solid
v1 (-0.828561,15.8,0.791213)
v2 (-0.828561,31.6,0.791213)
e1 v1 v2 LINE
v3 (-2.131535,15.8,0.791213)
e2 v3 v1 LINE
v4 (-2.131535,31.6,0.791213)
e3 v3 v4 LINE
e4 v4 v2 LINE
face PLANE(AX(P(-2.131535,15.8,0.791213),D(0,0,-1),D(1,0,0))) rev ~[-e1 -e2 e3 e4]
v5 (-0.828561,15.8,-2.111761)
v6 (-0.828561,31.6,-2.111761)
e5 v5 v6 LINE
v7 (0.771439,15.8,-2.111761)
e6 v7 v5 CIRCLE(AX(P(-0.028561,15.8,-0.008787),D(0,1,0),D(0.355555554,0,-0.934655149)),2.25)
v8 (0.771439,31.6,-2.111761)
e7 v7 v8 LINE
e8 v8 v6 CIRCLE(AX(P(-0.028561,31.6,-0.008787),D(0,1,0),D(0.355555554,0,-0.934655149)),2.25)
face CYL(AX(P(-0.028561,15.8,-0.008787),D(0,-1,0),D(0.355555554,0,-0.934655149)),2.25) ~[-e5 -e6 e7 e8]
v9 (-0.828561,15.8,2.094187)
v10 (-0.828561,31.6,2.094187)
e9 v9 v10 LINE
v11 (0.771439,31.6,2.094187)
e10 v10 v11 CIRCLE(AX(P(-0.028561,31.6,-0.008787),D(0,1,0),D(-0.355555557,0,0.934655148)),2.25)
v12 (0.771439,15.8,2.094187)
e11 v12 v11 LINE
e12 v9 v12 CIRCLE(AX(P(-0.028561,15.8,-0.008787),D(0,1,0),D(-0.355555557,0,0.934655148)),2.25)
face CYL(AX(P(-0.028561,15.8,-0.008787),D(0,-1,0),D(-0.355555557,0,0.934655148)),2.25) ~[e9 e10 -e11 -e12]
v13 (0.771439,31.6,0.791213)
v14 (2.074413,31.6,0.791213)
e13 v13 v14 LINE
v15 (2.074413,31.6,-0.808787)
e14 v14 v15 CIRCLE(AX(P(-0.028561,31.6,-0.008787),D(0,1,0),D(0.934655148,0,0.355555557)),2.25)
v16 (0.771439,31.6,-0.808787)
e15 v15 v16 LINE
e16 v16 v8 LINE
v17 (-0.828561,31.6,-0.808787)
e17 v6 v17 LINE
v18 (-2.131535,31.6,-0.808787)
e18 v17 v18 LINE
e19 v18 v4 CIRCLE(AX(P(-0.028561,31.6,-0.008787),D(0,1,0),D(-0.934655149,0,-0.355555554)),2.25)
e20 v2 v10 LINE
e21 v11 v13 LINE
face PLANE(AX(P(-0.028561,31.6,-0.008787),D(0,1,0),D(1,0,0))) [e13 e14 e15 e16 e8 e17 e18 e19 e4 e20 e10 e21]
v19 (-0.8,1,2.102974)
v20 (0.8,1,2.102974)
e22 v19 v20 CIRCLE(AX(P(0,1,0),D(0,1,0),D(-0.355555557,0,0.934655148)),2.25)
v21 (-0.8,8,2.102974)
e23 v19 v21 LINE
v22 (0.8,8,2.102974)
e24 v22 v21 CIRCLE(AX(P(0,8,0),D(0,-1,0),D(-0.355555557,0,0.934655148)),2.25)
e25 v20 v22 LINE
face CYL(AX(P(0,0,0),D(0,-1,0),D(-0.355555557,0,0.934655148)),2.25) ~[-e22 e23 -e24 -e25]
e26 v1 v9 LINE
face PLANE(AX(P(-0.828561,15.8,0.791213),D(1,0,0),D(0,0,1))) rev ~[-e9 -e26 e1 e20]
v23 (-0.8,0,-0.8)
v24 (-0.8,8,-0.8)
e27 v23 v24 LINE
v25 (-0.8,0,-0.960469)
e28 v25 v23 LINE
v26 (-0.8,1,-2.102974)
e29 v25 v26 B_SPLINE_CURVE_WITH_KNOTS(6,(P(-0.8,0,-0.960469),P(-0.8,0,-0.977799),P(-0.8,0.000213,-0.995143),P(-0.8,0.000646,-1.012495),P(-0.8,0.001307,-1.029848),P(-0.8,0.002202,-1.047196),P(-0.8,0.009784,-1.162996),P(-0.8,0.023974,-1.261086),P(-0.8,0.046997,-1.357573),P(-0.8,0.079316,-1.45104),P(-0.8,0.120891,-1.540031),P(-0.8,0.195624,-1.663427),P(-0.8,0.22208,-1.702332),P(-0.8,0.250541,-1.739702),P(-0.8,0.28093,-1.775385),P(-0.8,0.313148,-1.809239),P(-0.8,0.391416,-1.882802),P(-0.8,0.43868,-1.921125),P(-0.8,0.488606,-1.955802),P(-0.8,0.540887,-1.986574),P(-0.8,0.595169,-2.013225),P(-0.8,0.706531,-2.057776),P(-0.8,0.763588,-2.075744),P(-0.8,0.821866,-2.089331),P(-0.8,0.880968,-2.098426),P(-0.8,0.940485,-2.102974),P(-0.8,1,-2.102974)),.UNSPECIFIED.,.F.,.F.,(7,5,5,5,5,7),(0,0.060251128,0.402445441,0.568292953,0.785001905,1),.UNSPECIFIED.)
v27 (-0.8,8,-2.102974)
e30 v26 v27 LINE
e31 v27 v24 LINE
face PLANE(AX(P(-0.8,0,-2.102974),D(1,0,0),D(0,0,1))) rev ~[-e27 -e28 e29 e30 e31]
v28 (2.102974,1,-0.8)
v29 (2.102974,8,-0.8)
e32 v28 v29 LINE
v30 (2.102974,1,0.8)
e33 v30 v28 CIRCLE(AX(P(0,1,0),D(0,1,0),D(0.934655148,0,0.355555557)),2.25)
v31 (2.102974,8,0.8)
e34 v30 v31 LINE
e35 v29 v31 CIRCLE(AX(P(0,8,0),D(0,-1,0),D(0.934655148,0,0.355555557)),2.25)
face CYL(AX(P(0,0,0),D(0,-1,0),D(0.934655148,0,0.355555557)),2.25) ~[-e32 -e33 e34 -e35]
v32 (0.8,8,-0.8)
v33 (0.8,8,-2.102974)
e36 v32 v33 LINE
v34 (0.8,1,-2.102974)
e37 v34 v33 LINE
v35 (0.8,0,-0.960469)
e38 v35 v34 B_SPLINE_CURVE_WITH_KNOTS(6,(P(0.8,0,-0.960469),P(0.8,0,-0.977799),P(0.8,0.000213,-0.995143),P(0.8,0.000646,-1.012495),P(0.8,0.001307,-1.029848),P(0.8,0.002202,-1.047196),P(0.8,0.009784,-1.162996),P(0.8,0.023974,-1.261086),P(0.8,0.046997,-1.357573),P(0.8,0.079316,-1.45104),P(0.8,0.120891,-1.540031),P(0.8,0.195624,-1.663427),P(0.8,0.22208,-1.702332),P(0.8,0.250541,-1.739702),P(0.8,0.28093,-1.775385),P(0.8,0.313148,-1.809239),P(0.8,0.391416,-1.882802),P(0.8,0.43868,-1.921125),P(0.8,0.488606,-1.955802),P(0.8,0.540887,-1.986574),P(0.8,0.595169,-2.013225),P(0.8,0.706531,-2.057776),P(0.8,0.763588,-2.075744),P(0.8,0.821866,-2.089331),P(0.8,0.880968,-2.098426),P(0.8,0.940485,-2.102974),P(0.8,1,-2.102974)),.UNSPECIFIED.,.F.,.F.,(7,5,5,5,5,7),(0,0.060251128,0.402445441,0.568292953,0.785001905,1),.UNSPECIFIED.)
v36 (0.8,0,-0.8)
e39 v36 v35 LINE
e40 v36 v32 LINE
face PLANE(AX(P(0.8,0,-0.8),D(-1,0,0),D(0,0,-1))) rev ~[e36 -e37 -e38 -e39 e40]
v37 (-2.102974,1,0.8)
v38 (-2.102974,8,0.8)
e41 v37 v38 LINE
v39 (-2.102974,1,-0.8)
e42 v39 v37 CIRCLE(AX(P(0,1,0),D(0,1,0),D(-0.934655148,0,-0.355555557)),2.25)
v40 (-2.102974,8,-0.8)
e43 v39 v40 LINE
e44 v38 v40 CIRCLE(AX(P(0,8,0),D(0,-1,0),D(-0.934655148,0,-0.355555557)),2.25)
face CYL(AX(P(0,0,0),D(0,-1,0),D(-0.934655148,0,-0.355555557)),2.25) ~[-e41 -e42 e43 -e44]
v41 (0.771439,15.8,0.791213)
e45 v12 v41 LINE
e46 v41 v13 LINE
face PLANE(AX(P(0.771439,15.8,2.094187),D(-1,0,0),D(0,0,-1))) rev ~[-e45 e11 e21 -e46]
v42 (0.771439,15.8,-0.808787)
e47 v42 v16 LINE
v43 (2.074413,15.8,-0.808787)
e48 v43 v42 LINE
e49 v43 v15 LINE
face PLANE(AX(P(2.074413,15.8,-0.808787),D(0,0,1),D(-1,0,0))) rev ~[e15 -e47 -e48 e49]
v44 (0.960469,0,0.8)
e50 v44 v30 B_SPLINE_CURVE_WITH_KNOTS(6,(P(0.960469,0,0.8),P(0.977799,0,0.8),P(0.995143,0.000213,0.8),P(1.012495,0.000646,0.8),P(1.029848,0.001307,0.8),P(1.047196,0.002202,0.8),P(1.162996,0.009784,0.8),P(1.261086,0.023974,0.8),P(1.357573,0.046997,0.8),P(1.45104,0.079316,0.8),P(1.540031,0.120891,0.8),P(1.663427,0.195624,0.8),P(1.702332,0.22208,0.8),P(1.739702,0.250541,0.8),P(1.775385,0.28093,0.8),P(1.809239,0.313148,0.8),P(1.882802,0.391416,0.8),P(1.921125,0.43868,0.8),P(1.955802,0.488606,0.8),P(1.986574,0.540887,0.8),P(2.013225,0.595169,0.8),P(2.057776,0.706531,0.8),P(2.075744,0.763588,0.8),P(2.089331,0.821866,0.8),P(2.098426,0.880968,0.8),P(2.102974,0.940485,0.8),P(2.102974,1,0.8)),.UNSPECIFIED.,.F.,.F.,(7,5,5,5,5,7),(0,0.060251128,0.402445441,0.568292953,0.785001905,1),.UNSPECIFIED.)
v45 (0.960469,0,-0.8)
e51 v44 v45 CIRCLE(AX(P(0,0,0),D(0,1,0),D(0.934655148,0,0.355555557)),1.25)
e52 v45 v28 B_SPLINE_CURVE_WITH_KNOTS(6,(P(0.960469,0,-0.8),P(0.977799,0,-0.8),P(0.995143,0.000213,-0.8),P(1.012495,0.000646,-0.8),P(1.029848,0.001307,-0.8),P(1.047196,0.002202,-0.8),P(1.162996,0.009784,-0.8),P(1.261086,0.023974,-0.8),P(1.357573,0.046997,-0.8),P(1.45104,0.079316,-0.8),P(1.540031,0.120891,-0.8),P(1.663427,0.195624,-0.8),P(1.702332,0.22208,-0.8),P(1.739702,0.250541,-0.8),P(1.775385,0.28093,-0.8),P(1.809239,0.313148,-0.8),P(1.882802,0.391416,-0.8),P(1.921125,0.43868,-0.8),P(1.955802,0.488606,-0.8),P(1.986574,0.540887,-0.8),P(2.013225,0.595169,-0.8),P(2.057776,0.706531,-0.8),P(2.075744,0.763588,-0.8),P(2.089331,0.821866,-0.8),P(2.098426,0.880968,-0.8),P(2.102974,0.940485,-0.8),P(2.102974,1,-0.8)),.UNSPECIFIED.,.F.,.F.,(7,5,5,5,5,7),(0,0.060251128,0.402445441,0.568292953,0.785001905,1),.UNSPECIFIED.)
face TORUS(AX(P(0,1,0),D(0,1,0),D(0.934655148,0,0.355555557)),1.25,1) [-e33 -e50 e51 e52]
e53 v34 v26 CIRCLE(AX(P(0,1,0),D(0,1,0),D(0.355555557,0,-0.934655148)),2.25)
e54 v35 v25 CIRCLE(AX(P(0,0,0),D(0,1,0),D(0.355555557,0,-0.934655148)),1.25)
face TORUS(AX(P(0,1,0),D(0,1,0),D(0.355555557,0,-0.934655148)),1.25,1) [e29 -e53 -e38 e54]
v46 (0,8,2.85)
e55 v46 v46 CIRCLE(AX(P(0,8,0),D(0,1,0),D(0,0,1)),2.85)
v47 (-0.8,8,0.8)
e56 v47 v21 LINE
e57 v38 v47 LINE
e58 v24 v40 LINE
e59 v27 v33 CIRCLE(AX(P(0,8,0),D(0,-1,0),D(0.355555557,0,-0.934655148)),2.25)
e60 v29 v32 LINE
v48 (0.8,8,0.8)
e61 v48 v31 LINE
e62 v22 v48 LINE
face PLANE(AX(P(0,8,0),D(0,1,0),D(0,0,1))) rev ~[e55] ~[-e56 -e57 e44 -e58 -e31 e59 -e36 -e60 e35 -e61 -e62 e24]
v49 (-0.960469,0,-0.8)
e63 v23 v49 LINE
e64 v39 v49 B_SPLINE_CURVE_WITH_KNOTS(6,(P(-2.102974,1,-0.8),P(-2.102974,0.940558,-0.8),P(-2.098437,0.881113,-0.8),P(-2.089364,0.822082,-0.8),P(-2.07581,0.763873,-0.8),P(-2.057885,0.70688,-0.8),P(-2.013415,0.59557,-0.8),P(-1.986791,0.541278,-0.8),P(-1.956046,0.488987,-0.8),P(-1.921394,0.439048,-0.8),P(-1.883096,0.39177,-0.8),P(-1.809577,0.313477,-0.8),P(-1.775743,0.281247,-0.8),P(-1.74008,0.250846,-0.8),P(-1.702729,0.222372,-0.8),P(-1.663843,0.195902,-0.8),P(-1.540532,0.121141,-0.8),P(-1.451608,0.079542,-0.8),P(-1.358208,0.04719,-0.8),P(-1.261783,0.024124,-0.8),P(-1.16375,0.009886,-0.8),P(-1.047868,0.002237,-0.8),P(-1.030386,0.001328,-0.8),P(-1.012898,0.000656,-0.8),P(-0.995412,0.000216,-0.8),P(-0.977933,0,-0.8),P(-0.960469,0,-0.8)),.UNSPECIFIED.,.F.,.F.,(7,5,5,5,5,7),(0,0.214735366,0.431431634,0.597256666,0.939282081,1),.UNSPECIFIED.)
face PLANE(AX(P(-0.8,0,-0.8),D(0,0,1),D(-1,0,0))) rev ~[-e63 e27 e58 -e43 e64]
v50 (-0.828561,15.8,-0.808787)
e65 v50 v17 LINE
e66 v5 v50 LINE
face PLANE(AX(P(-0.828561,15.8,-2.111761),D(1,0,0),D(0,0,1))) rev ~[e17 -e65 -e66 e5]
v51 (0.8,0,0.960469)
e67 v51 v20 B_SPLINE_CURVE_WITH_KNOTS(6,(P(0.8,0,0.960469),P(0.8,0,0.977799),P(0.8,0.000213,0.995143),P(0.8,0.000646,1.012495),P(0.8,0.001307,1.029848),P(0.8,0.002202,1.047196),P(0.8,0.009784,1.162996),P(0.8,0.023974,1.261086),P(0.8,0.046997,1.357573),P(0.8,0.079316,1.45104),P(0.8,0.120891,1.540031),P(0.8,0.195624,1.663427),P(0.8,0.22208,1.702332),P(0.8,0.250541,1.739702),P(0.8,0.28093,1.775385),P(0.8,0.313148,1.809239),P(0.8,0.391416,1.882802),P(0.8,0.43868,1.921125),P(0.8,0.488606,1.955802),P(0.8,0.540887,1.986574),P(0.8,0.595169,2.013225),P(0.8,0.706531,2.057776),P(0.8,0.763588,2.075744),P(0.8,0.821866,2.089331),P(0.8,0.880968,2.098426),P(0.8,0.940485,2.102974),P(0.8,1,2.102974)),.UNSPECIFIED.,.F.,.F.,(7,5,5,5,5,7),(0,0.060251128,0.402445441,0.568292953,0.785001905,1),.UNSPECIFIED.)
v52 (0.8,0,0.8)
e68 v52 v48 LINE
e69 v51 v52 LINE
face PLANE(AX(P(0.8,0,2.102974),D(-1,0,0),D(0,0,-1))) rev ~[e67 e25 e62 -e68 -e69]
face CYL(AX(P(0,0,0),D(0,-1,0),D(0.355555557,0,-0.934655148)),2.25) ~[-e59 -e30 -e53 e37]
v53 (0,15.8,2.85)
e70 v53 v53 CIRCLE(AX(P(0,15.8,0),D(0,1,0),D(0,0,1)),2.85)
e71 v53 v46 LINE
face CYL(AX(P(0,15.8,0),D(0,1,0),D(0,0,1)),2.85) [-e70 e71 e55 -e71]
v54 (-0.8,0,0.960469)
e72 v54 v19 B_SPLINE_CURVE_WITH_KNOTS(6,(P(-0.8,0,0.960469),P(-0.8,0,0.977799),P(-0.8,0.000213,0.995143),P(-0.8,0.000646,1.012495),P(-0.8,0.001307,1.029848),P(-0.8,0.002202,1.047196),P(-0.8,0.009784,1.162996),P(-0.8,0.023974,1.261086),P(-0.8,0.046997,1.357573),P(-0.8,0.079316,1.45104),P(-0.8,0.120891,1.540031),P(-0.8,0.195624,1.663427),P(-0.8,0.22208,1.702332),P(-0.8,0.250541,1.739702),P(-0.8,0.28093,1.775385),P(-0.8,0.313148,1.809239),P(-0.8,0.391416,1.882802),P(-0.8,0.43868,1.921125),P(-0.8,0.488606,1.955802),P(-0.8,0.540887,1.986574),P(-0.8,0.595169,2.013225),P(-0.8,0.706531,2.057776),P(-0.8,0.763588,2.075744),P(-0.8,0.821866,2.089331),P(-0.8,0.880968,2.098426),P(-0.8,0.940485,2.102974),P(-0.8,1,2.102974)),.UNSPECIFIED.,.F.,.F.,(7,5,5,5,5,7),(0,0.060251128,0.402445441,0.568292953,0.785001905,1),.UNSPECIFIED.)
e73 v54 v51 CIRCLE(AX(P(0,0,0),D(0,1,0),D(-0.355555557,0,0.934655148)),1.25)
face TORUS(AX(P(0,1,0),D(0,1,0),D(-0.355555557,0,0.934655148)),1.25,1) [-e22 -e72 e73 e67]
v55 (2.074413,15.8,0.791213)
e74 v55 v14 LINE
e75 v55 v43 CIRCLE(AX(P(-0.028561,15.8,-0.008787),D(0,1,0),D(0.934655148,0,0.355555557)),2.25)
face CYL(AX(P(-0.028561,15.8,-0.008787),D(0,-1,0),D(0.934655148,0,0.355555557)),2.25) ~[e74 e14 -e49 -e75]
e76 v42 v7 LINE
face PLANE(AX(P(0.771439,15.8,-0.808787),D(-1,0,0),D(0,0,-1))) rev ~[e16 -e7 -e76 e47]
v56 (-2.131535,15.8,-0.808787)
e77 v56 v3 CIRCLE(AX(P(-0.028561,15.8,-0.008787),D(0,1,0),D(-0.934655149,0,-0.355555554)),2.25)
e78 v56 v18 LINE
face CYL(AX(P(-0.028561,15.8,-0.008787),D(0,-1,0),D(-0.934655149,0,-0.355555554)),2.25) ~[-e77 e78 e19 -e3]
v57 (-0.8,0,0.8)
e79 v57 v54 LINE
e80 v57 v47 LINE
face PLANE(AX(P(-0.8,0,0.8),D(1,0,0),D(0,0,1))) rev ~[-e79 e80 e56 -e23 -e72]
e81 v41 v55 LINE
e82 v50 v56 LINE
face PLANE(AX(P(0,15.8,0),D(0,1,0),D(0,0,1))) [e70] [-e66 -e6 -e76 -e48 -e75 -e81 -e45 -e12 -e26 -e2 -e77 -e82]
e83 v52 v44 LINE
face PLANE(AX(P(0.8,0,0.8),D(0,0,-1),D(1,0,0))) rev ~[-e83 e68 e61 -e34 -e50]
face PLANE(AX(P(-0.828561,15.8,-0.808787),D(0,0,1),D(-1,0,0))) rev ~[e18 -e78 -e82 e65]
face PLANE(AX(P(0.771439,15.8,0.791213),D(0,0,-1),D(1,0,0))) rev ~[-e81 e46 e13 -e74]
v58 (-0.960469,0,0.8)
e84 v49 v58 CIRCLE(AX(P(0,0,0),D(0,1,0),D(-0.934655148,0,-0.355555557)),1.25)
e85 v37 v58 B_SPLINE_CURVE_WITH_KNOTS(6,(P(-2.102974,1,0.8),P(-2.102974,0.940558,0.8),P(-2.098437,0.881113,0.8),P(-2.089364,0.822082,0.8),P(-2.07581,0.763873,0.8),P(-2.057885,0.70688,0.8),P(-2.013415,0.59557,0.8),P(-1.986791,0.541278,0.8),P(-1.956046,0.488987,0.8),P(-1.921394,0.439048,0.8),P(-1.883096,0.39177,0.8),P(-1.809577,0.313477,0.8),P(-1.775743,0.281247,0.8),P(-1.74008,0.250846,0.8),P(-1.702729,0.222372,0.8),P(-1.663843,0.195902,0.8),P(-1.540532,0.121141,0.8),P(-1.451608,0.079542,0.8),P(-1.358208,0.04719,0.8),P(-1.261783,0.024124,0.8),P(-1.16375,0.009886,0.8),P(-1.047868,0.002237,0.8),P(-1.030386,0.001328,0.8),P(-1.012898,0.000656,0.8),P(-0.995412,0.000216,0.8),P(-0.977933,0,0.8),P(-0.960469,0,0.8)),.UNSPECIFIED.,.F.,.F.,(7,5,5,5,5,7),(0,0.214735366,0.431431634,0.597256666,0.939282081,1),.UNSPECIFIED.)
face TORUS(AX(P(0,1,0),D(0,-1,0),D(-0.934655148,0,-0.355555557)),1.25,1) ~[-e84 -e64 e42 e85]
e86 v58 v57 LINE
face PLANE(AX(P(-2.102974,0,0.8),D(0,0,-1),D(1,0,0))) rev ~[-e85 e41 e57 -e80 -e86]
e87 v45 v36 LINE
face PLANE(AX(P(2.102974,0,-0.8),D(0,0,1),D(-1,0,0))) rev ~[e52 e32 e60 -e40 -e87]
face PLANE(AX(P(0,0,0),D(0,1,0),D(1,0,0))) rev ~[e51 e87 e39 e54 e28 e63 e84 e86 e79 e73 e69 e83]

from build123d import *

# Parameters (mm, degrees)
BOSS_EXTRUDE1_DEPTH = 15.8
FILLET1_R           = 1
FILLET2_R           = 1
FILLET3_R           = 1
FILLET4_R           = 1
SKETCH3_R           = 2.85
BOSS_EXTRUDE2_DEPTH = 7.8
BOSS_EXTRUDE4_DEPTH = 15.8


with BuildPart() as part:
    # Sketch1 → Boss-Extrude1 (new body)
    with BuildSketch(Plane(origin=(0, 0, 0), x_dir=(1, 0, 0), z_dir=(0, 1, 0))):
        with BuildLine():
            Line((-0.8, -0.8), (-0.8, -2.102974084))
            ThreePointArc((-0.8, -2.102974084), (0, -2.25), (0.8, -2.102974084))
            Line((0.8, -2.102974084), (0.8, -0.8))
            Line((0.8, -0.8), (2.102974084, -0.8))
            ThreePointArc((2.102974084, -0.8), (2.25, 0), (2.102974084, 0.8))
            Line((2.102974084, 0.8), (0.8, 0.8))
            Line((0.8, 0.8), (0.8, 2.102974084))
            ThreePointArc((0.8, 2.102974084), (0, 2.25), (-0.8, 2.102974084))
            Line((-0.8, 2.102974084), (-0.8, 0.8))
            Line((-0.8, 0.8), (-2.102974084, 0.8))
            ThreePointArc((-2.102974084, 0.8), (-2.25, 0), (-2.102974084, -0.8))
            Line((-2.102974084, -0.8), (-0.8, -0.8))
        make_face()
    extrude(amount=BOSS_EXTRUDE1_DEPTH)

    # Fillet1
    fillet1_edges = [part.edges().sort_by_distance(p)[0] for p in [
        (-2.25, 0, 0),
    ]]
    fillet(fillet1_edges, radius=FILLET1_R)

    # Fillet2
    fillet2_edges = [part.edges().sort_by_distance(p)[0] for p in [
        (0, 0, 2.25),
    ]]
    fillet(fillet2_edges, radius=FILLET2_R)

    # Fillet3
    fillet3_edges = [part.edges().sort_by_distance(p)[0] for p in [
        (2.25, 0, 0),
    ]]
    fillet(fillet3_edges, radius=FILLET3_R)

    # Fillet4
    fillet4_edges = [part.edges().sort_by_distance(p)[0] for p in [
        (0, 0, -2.25),
    ]]
    fillet(fillet4_edges, radius=FILLET4_R)

    # Sketch3 → Boss-Extrude2 (add)
    with BuildSketch(Plane(origin=(0, 15.8, 0), x_dir=(1, 0, 0), z_dir=(0, 1, 0))):
        with Locations(Location((0, 0, 0), (0, 0, 270))):
            Circle(SKETCH3_R)
    extrude(amount=-BOSS_EXTRUDE2_DEPTH)

    # Sketch6 → Boss-Extrude4 (add)
    with BuildSketch(Plane(origin=(0, 15.8, 0), x_dir=(1, 0, 0), z_dir=(0, 1, 0))):
        with BuildLine():
            Line((-0.82856076, -0.791213071), (-0.82856076, -2.094187155))
            ThreePointArc((-0.82856076, -2.094187155), (-0.02856076, -2.241213071), (0.77143924, -2.094187155))
            Line((0.77143924, -2.094187155), (0.77143924, -0.791213071))
            Line((0.77143924, -0.791213071), (2.074413324, -0.791213071))
            ThreePointArc((2.074413324, -0.791213071), (2.22143924, 0.008786929), (2.074413324, 0.808786929))
            Line((2.074413324, 0.808786929), (0.77143924, 0.808786929))
            Line((0.77143924, 0.808786929), (0.77143924, 2.111761014))
            ThreePointArc((0.77143924, 2.111761014), (-0.02856076, 2.258786929), (-0.82856076, 2.111761014))
            Line((-0.82856076, 2.111761014), (-0.82856076, 0.808786929))
            Line((-0.82856076, 0.808786929), (-2.131534845, 0.808786929))
            ThreePointArc((-2.131534845, 0.808786929), (-2.27856076, 0.008786929), (-2.131534845, -0.791213071))
            Line((-2.131534845, -0.791213071), (-0.82856076, -0.791213071))
        make_face()
    extrude(amount=BOSS_EXTRUDE4_DEPTH)


solid = part.part
